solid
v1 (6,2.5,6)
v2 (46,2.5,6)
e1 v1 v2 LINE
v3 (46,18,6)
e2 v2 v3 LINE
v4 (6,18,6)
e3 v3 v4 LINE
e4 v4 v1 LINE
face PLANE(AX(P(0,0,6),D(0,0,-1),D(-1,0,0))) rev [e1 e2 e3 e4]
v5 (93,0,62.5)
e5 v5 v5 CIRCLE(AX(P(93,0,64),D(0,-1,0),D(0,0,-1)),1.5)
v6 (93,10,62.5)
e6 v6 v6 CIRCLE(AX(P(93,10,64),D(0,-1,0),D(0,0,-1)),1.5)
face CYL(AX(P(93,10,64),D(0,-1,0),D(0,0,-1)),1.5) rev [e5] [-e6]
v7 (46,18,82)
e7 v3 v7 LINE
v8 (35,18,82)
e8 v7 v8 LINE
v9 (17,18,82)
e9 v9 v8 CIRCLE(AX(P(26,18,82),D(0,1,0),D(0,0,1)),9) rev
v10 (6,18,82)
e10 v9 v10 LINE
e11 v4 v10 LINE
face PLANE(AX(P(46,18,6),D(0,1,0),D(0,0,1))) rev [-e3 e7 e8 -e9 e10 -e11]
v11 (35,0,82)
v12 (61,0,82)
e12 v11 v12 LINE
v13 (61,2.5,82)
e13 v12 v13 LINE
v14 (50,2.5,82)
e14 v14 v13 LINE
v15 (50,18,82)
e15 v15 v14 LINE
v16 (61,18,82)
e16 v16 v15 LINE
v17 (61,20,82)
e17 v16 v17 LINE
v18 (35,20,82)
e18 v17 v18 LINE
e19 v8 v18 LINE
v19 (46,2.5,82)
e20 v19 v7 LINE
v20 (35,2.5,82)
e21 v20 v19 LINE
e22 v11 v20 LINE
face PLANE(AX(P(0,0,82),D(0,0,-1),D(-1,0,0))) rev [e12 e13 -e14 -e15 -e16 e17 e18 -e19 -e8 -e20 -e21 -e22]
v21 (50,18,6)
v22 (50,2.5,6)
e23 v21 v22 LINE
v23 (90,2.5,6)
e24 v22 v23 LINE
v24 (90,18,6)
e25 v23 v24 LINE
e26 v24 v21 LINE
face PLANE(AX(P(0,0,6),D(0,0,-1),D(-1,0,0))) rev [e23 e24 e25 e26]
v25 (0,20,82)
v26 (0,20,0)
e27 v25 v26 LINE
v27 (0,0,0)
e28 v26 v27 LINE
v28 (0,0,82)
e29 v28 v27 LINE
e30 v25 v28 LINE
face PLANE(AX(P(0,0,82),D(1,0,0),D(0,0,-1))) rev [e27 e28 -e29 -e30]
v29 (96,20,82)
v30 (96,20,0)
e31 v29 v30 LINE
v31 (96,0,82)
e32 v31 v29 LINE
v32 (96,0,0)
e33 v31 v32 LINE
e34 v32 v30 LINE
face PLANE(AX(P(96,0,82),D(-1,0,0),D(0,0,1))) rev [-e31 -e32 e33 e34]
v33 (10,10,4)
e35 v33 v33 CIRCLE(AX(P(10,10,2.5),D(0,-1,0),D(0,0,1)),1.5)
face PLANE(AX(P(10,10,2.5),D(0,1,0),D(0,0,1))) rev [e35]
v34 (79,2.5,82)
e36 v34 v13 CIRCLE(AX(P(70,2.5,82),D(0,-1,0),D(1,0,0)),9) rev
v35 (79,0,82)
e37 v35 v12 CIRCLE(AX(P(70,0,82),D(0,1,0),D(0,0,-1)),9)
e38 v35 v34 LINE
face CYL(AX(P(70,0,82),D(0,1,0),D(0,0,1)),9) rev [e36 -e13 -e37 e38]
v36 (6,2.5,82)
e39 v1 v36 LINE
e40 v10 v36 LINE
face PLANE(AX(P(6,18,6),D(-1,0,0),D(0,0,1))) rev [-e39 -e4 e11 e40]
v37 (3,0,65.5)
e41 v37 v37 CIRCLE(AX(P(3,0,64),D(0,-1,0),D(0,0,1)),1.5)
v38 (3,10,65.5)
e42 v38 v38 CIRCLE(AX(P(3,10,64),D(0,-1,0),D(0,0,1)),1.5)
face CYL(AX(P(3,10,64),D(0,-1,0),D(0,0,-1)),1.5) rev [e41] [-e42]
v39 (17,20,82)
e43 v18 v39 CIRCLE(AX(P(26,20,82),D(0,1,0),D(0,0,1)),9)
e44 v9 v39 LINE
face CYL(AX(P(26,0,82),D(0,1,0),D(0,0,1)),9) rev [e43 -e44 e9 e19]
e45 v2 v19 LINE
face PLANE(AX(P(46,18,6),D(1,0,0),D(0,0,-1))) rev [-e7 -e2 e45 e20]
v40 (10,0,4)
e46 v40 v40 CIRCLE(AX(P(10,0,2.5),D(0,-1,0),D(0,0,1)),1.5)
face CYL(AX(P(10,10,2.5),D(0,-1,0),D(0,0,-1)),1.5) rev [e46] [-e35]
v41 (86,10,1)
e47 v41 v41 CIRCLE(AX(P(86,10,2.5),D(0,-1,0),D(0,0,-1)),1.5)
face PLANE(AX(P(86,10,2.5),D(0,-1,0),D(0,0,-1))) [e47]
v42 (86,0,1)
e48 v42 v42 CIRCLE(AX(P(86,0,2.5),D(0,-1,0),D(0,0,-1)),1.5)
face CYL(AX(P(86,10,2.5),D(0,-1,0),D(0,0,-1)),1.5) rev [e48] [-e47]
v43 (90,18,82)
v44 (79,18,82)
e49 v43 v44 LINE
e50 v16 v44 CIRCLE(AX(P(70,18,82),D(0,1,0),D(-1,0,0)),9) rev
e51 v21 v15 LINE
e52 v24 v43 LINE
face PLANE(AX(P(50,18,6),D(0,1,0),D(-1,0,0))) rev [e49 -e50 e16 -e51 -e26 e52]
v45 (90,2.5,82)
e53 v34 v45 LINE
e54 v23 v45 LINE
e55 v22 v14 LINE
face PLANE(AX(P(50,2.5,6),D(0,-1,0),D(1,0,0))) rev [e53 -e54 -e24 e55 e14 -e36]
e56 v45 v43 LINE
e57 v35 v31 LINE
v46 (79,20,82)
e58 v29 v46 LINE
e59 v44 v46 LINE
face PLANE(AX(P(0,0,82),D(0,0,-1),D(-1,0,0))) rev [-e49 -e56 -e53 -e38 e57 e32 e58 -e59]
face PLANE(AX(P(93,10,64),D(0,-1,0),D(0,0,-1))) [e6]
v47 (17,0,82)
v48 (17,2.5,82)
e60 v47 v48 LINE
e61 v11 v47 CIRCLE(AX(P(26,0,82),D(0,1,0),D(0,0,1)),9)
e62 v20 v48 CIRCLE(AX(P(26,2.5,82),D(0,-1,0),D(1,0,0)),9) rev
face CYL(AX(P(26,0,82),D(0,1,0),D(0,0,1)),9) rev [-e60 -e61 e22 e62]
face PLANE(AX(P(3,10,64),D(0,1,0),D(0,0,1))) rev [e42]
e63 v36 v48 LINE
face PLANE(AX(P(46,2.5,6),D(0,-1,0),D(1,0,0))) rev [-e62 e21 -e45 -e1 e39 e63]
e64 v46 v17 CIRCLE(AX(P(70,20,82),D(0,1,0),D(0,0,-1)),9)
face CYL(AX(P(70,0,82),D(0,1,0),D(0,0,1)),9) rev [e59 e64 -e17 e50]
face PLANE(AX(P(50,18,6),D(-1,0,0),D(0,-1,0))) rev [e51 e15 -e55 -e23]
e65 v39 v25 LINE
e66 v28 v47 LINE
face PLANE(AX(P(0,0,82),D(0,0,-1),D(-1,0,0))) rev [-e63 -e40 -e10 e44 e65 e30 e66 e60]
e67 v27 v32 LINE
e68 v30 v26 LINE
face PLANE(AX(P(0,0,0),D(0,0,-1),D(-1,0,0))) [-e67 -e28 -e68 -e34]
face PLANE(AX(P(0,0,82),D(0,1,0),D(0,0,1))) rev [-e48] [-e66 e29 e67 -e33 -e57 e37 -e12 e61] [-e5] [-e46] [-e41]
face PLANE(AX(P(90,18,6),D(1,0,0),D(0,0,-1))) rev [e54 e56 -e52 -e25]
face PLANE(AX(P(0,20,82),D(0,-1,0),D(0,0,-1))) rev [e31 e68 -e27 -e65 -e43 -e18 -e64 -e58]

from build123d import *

# Parameters (mm, degrees)
SKETCH_1_W          = 96
SKETCH_1_H          = 20
EXTRUDE_1_DEPTH     = 82
CUT_EXTRUDE_2_DEPTH = 20
SKETCH_3_W          = 40
SKETCH_3_H          = 15.5
CUT_EXTRUDE_3_DEPTH = 76
SKETCH_6_R          = 1.5
CUT_EXTRUDE_5_DEPTH = 10


with BuildPart() as part:
    # 草图1 → 凸台-拉伸1 (new body)
    with BuildSketch(Plane.XY):
        with Locations((48, 10)):
            Rectangle(SKETCH_1_W, SKETCH_1_H)
    extrude(amount=EXTRUDE_1_DEPTH)

    # 草图2 → 切除-拉伸2 (cut)
    with BuildSketch(Plane(origin=(0, 20, 0), x_dir=(1, 0, 0), z_dir=(0, 1, 0))):
        with BuildLine():
            Line((17, -82), (35, -82))
            ThreePointArc((35, -82), (26, -73), (17, -82))
        make_face()
        with BuildLine():
            Line((79, -82), (61, -82))
            ThreePointArc((61, -82), (70, -73), (79, -82))
        make_face()
    extrude(amount=-CUT_EXTRUDE_2_DEPTH, mode=Mode.SUBTRACT)

    # 草图3 → 切除-拉伸3 (cut)
    with BuildSketch(Plane.XY.offset(82)):
        with Locations((26, 10.25)):
            Rectangle(SKETCH_3_W, SKETCH_3_H)
        with Locations((149, 10.25)):
            Rectangle(SKETCH_3_W, SKETCH_3_H)
        with Locations((70, 10.25)):
            Rectangle(SKETCH_3_W, SKETCH_3_H)
    extrude(amount=-CUT_EXTRUDE_3_DEPTH, mode=Mode.SUBTRACT)

    # 草图6 → 切除-拉伸5 (cut)
    with BuildSketch(Plane.XZ):
        with Locations(Location((86, 2.5, 0), (0, 0, 270))):
            Circle(SKETCH_6_R)
        with Locations(Location((10, 2.5, 0), (0, 0, 90))):
            Circle(SKETCH_6_R)
        with Locations(Location((93, 64, 0), (0, 0, 270))):
            Circle(SKETCH_6_R)
        with Locations(Location((3, 64, 0), (0, 0, 90))):
            Circle(SKETCH_6_R)
    extrude(amount=-CUT_EXTRUDE_5_DEPTH, mode=Mode.SUBTRACT)


solid = part.part
